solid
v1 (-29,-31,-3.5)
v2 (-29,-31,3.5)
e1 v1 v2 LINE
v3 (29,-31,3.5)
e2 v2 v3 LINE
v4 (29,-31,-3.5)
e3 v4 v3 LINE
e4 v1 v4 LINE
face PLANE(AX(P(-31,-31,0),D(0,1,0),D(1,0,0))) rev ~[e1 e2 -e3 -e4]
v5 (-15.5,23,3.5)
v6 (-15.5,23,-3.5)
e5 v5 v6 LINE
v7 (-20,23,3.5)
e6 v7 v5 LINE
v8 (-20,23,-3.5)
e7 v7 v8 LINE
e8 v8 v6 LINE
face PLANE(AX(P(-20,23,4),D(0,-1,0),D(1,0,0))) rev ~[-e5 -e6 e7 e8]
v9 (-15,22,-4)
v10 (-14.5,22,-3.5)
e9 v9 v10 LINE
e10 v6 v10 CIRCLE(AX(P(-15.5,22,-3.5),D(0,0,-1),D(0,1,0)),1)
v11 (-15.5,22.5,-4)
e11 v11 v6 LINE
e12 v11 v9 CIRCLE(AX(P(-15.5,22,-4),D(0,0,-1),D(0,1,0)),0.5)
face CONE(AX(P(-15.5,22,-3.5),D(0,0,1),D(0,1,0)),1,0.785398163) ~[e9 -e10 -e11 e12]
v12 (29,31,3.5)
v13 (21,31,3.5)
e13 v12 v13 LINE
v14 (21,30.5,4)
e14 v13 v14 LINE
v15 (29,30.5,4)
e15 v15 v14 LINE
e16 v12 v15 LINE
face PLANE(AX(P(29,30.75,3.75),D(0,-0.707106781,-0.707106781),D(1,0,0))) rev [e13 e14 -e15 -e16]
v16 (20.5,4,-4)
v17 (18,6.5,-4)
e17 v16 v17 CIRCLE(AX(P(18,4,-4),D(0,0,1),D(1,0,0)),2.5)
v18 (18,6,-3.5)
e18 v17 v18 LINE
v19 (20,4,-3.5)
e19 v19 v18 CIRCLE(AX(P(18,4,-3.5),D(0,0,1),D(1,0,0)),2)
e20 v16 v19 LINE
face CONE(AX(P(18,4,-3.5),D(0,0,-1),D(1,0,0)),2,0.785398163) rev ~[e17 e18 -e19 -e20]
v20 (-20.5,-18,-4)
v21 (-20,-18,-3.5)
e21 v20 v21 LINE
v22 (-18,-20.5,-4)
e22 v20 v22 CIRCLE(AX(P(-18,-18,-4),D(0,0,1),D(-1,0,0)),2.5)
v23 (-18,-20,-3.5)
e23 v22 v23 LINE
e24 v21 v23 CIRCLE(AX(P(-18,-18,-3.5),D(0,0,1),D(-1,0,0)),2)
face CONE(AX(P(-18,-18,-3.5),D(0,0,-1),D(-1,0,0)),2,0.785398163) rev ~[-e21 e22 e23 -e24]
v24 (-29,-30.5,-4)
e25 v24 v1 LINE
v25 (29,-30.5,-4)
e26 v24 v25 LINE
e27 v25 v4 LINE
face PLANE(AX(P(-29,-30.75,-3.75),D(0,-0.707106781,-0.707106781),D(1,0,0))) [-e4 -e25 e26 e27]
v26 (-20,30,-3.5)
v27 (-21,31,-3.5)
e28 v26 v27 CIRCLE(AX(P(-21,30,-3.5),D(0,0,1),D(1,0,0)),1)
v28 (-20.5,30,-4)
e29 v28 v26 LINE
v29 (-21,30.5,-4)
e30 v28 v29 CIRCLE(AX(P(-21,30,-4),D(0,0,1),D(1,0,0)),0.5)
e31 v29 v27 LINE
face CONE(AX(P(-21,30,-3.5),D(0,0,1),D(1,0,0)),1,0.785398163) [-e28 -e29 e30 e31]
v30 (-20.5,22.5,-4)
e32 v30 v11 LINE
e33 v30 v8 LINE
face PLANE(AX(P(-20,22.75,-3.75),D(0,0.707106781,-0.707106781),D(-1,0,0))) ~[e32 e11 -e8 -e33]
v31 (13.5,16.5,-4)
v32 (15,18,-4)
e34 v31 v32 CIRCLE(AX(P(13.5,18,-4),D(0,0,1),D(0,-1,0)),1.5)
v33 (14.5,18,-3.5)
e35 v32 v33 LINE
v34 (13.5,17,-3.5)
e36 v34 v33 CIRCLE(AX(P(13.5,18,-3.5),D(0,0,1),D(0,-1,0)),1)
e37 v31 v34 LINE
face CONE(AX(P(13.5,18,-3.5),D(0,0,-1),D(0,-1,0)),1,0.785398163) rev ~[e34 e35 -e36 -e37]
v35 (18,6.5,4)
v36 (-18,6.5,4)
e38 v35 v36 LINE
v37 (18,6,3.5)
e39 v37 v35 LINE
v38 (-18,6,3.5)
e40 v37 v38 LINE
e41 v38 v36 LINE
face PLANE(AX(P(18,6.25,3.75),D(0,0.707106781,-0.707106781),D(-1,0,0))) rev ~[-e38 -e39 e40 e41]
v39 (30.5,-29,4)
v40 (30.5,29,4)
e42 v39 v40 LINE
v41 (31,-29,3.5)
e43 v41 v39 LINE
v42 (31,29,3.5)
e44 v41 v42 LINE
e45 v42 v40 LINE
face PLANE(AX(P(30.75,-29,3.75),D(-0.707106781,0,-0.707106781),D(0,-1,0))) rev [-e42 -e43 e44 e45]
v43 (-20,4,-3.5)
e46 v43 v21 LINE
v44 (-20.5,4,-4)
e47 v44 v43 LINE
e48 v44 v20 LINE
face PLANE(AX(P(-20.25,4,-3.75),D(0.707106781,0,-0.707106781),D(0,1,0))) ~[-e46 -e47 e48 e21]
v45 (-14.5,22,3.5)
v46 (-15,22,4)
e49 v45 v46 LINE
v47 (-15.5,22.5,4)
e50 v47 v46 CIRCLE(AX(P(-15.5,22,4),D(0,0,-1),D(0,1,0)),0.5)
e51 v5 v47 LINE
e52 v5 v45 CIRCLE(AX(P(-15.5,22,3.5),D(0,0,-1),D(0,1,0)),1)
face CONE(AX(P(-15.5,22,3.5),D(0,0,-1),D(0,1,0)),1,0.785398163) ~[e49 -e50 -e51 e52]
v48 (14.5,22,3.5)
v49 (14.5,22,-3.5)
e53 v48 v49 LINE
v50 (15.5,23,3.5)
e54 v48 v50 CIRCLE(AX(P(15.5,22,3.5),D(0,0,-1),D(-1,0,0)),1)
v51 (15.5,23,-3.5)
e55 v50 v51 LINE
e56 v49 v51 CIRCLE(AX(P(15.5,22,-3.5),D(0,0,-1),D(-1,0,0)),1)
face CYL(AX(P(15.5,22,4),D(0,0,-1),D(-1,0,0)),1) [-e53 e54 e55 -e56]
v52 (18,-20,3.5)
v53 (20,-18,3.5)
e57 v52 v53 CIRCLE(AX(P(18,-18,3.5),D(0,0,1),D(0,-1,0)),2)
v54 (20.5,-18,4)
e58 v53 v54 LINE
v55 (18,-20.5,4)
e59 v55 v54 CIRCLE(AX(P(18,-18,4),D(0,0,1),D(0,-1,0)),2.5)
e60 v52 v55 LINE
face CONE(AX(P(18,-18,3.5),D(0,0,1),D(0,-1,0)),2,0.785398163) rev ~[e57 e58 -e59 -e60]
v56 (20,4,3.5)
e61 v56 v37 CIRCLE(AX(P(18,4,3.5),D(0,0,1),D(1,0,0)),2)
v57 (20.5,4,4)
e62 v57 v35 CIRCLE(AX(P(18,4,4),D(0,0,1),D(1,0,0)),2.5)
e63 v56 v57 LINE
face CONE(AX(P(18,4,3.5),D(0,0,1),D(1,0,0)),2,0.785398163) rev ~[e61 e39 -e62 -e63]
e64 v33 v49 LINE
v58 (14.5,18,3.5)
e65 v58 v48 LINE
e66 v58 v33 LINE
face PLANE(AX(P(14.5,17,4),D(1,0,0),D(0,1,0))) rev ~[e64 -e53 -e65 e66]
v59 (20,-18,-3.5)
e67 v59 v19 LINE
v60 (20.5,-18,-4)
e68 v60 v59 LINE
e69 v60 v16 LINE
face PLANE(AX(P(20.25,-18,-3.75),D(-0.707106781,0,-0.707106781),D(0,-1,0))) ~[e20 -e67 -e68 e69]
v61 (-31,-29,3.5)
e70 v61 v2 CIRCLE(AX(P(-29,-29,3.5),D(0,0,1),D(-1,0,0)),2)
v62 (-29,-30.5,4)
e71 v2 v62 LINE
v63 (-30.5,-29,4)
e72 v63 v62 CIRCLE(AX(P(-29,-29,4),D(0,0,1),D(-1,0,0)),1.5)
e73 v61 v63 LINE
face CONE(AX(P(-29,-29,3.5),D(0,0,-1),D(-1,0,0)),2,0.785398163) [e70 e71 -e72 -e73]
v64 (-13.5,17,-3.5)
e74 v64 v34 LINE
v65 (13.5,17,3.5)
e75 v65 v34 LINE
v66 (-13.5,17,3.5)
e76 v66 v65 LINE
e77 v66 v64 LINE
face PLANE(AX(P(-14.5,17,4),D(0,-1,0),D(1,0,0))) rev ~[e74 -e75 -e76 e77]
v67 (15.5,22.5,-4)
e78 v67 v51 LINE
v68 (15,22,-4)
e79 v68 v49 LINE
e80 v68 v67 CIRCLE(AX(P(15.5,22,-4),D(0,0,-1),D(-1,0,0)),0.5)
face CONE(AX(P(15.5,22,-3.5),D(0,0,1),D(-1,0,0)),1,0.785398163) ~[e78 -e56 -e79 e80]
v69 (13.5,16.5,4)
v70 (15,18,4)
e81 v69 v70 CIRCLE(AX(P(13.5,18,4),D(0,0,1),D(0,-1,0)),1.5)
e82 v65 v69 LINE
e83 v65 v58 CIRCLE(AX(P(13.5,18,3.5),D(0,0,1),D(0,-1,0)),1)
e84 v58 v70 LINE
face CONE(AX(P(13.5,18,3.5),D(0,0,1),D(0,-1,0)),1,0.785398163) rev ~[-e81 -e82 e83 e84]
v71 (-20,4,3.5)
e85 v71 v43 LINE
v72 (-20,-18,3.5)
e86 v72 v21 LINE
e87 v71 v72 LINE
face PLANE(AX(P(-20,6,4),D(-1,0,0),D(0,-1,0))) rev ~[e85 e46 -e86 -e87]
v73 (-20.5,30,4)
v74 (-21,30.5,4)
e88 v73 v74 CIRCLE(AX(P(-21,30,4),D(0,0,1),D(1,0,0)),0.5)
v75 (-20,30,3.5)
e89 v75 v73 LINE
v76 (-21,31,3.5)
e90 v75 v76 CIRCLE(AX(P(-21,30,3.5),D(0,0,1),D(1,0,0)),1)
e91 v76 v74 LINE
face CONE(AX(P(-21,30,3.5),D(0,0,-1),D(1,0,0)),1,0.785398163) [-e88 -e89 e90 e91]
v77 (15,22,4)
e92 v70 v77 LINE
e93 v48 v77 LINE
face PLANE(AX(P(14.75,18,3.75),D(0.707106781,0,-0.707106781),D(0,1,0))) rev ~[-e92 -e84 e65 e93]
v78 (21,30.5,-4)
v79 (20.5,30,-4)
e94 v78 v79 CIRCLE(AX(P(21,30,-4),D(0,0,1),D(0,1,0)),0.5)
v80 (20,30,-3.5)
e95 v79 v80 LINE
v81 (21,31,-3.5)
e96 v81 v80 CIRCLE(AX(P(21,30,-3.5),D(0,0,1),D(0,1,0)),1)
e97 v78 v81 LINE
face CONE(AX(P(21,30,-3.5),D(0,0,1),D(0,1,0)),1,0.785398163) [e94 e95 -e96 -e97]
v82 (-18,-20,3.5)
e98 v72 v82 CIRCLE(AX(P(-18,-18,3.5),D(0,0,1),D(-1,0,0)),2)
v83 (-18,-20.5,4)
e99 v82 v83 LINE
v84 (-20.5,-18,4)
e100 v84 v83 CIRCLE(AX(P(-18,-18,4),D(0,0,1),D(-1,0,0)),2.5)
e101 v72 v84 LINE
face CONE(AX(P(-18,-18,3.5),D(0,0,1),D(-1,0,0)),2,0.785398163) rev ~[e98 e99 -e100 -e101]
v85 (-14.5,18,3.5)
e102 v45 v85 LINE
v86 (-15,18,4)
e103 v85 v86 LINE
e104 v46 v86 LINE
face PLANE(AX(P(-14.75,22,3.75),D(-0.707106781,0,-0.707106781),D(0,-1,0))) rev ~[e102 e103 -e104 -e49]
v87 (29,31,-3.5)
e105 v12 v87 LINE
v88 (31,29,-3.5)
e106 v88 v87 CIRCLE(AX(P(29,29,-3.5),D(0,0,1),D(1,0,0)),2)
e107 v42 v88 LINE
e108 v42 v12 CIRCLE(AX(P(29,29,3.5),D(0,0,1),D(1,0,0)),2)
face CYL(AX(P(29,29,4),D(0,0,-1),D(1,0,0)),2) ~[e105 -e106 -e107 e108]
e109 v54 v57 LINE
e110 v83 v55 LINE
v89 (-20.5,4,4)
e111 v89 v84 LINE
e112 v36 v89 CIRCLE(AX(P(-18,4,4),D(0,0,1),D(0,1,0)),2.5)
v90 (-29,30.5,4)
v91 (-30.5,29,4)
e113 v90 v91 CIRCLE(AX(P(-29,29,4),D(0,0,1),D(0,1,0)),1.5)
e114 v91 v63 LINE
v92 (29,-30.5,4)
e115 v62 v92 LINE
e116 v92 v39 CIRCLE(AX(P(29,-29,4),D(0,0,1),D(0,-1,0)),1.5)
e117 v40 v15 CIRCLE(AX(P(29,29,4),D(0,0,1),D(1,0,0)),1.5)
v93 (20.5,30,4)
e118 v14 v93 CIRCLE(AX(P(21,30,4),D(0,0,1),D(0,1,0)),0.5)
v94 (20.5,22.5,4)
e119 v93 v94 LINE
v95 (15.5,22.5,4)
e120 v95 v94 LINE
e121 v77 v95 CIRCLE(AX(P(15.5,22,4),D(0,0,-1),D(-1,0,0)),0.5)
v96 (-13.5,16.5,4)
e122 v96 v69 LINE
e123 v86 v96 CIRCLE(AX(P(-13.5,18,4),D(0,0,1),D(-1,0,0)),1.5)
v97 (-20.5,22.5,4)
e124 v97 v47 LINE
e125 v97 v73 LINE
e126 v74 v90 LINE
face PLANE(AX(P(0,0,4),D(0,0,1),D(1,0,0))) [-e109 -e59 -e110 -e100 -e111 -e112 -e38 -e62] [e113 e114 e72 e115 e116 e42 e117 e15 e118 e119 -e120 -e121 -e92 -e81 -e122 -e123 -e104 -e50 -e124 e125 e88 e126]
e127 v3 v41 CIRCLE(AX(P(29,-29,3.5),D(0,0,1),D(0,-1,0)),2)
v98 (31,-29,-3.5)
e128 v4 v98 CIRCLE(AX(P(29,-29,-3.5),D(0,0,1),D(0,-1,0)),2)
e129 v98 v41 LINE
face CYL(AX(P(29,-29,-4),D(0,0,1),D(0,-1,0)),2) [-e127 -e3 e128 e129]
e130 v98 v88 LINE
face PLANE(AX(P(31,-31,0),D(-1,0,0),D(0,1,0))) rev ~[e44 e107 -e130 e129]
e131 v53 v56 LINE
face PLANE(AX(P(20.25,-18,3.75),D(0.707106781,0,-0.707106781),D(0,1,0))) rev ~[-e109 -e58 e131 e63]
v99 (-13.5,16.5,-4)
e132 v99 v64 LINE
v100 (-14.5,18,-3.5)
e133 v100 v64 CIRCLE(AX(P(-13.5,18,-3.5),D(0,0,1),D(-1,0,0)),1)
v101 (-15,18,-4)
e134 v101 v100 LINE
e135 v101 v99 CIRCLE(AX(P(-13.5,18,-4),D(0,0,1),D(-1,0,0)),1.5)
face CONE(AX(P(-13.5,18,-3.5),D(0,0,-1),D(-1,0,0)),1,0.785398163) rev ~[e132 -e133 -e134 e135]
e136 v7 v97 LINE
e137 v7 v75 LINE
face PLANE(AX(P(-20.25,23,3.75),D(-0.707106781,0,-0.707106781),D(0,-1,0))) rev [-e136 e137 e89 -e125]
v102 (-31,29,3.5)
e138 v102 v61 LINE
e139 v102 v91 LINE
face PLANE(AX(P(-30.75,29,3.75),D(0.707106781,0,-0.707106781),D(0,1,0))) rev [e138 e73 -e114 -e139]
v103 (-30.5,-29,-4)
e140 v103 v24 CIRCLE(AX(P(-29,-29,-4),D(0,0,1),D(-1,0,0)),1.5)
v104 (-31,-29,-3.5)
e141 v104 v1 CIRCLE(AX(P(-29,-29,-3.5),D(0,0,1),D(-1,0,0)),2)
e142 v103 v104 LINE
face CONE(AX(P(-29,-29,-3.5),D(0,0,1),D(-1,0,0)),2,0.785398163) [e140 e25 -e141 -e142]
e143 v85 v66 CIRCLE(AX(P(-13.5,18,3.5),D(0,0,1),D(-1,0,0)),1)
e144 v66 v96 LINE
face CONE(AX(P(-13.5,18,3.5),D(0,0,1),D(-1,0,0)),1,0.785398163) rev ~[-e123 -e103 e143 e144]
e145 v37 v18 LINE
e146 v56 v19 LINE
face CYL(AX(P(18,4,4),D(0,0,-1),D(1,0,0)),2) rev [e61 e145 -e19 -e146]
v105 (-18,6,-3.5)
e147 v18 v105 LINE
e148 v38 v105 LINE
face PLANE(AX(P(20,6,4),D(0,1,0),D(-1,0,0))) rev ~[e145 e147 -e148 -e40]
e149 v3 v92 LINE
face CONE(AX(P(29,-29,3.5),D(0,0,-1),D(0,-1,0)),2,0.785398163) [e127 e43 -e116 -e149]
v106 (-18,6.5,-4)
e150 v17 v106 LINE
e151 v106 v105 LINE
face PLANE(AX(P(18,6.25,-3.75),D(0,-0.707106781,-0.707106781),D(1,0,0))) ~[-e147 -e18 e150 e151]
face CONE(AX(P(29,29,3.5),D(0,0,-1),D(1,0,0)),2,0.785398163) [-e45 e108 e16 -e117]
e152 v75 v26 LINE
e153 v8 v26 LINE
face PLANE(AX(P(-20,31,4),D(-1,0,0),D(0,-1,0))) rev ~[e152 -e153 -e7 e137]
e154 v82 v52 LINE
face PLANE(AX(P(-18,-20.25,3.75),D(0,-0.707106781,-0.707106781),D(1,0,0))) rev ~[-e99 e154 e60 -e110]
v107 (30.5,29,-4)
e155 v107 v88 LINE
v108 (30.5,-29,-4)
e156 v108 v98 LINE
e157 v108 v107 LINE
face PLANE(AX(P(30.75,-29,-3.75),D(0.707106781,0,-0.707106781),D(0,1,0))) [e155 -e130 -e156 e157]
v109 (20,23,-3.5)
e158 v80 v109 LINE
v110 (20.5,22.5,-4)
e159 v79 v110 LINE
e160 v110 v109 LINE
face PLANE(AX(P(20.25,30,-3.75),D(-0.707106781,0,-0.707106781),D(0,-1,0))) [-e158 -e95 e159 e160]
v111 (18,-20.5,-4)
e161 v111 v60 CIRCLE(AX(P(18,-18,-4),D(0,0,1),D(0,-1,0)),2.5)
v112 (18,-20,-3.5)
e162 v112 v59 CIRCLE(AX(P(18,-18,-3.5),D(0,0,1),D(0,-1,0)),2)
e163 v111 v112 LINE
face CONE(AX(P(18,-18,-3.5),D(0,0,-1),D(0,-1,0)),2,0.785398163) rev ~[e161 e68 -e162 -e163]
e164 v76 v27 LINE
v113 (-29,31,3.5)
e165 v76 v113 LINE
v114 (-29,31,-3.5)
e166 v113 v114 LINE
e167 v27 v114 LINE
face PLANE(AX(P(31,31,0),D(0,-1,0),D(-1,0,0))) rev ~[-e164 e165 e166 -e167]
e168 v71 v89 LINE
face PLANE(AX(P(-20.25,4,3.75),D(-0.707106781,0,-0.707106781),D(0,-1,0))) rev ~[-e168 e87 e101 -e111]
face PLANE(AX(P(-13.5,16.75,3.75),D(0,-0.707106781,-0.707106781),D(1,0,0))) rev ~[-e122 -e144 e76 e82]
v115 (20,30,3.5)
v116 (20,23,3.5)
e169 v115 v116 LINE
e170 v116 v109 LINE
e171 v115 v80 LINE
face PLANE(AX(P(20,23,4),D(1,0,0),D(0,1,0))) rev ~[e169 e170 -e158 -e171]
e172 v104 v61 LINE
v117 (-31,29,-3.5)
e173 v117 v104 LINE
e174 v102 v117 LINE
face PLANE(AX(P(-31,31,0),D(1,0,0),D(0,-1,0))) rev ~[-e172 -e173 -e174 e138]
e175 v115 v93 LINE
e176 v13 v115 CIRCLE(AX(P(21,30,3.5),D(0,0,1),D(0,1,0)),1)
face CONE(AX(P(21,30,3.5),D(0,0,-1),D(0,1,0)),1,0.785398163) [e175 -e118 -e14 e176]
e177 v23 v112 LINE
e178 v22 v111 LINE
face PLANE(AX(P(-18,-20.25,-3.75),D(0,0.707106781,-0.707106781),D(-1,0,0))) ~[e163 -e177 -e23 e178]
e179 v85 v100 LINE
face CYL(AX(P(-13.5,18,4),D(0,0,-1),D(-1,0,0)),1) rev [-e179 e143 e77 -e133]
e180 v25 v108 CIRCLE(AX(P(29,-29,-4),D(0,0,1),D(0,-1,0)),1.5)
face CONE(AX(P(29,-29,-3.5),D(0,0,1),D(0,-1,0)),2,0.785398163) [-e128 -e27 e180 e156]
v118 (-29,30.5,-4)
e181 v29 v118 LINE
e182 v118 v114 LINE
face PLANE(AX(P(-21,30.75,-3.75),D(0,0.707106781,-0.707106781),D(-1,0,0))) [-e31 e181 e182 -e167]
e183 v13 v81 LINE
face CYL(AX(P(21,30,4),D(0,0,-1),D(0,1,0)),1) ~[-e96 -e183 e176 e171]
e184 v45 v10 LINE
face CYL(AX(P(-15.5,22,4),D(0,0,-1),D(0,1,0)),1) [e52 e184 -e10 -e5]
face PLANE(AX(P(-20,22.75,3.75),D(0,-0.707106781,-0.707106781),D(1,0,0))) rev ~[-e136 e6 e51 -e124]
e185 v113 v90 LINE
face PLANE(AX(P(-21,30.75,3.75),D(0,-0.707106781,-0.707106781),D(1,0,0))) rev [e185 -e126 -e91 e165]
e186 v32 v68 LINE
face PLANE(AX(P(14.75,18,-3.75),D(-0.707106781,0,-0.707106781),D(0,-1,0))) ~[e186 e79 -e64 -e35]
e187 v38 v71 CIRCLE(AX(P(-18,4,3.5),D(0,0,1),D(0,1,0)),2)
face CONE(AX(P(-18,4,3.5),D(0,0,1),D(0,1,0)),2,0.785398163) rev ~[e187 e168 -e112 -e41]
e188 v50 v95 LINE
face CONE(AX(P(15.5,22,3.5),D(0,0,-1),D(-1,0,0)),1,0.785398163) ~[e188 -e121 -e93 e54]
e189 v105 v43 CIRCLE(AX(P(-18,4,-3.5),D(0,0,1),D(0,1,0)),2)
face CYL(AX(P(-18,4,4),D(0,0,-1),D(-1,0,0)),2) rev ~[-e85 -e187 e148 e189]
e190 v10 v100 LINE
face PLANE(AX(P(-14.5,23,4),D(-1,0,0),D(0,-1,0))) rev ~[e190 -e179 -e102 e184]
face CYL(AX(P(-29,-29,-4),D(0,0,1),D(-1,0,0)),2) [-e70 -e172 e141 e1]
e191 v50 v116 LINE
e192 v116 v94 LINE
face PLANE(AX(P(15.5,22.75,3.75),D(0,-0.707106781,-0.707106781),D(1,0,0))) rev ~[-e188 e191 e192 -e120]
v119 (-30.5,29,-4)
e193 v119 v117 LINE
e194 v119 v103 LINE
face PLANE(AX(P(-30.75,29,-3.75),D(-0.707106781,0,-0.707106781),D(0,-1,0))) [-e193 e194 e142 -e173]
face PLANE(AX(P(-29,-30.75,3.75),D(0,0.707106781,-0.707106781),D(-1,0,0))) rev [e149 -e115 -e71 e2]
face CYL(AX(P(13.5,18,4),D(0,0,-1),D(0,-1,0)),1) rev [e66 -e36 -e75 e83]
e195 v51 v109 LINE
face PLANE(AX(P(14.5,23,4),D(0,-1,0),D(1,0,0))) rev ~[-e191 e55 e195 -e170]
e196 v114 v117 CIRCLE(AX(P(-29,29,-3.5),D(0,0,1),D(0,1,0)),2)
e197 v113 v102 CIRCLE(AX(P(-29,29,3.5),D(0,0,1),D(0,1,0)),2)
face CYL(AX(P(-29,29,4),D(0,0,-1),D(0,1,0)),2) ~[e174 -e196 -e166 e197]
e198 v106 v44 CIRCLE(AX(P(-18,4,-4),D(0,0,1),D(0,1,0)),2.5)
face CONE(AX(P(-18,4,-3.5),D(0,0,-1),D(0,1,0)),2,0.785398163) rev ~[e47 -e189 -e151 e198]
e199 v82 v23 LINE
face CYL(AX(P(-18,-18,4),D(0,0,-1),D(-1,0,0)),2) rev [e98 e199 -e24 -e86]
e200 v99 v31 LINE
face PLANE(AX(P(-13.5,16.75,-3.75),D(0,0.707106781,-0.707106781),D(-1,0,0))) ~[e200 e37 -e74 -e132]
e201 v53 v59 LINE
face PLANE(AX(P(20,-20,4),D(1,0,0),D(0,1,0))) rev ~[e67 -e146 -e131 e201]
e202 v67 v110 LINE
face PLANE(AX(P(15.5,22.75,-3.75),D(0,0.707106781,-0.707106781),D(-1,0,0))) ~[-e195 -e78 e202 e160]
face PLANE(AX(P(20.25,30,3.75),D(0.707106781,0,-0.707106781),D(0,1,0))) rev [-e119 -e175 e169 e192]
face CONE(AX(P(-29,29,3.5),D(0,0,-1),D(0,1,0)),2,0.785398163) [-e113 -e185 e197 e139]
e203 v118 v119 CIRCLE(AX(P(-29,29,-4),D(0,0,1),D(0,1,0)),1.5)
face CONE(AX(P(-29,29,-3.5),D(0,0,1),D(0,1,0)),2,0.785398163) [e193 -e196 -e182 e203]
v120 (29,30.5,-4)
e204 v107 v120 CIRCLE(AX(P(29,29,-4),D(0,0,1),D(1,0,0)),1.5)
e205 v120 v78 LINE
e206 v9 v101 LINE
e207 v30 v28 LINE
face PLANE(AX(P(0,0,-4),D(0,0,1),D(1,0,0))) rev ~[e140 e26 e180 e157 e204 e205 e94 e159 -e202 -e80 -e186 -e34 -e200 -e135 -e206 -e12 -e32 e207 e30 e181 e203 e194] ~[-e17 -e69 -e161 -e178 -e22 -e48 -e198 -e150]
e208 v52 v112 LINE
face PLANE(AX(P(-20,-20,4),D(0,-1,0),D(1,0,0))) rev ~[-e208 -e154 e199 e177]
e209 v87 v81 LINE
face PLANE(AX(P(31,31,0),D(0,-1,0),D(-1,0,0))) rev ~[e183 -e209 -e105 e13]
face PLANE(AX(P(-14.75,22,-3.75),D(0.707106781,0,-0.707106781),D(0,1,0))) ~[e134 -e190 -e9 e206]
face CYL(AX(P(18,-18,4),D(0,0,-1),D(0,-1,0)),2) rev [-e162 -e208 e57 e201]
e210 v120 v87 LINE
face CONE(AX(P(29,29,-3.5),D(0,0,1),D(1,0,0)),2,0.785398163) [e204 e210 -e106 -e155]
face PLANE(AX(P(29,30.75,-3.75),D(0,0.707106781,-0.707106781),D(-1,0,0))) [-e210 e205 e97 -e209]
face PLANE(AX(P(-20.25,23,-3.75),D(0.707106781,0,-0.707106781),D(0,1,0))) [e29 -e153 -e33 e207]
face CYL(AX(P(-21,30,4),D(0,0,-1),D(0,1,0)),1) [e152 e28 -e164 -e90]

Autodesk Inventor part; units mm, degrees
ref_plane "YZ Plane" through (0, 0, 0) normal (1, 0, 0) x (0, 1, 0)
ref_plane "XZ Plane" through (0, 0, 0) normal (0, 1, 0) x (-1, 0, 0)
ref_plane "XY Plane" through (0, 0, 0) normal (0, 0, 1) x (1, 0, 0)
sketch "スケッチ1" plane through (0, 0, 0) normal (0, 0, 1) x (1, 0, 0)
  line L0 (-31, -31) -> (31, -31)
  line L1 (31, -31) -> (31, 31)
  line L2 (31, 31) -> (-31, 31)
  line L3 (-31, 31) -> (-31, -31)
  line L4 (-31, -31) -> (31, 31) construction
  line L5 (31, -31) -> (-31, 31) construction
  point P0 (0, 0)
  dimension "d0" = 62
  dimension "d1" = 62
extrude "押し出し1" add sketch "スケッチ1" along normal mid plane 8
sketch "スケッチ2" plane through (0, 0, 4) normal (0, 0, 1) x (1, 0, 0)
  line L0 (-20, 23) -> (20, 23)
  line L1 (20, 23) -> (20, 31)
  line L2 (20, 31) -> (-20, 31)
  line L3 (-20, 31) -> (-20, 23)
  line L4 (-20, 23) -> (20, 31) construction
  line L5 (20, 23) -> (-20, 31) construction
  line L6 (31, 31) -> (-31, 31) projected
  line L7 (-14.5, 17) -> (14.5, 17)
  line L8 (14.5, 17) -> (14.5, 23)
  line L9 (14.5, 23) -> (-14.5, 23)
  line L10 (-14.5, 23) -> (-14.5, 17)
  line L11 (-14.5, 17) -> (14.5, 23) construction
  line L12 (14.5, 17) -> (-14.5, 23) construction
  point P0 (0, 0)
  point P1 (0, 27)
  point P2 (0, 27)
  point P3 (0, 20)
  point P4 (0, 20)
  point P5 (0, 27)
  point P6 (14.5, 23)
  dimension "d4" = 40
  dimension "d5" = 8
  dimension "d14" = 29
  dimension "d15" = 6
extrude "押し出し2" cut sketch "スケッチ2" against normal blind 10
sketch "スケッチ3" plane through (0, 0, 4) normal (0, 0, 1) x (1, 0, 0)
  line L0 (-20, -20) -> (20, -20)
  line L1 (20, -20) -> (20, 6)
  line L2 (20, 6) -> (-20, 6)
  line L3 (-20, 6) -> (-20, -20)
  line L4 (-20, -20) -> (20, 6) construction
  line L5 (20, -20) -> (-20, 6) construction
  line L6 (-31, 31) -> (-31, -31) projected
  line L7 (-31, -31) -> (31, -31) projected
  line L8 (14.5, 17) -> (-14.5, 17) projected
  point P0 (0, 0)
  point P1 (0, -7)
  point P2 (0, -7)
  dimension "d10" = 11
  dimension "d11" = 11
  dimension "d16" = 11
extrude "押し出し3" cut sketch "スケッチ3" against normal through all
fillet "フィレット2" radius 1 6 edges at (-14.5, 23, 0) (-14.5, 17, 0) (14.5, 17, 0) (14.5, 23, 0) (-20, 31, 0) (20, 31, 0)
fillet "フィレット3" radius 2 4 edges at (-31, 31, 0) (-31, -31, 0) (31, -31, 0) (31, 31, 0)
fillet "フィレット4" radius 2 4 edges at (-20, 6, 0) (-20, -20, 0) (20, -20, 0) (20, 6, 0)
chamfer "面取り1" distance 0.5 angle 45 60 edges at (31, 0, -4) (30.4142, -30.4142, -4) (0, -31, -4) (-30.4142, -30.4142, -4) (-31, 0, -4) (-30.4142, 30.4142, -4) (-25, 31, -4) (-20.2929, 30.7071, -4) (-20, 26.5, -4) (30.4142, 30.4142, -4) (25, 31, -4) (20.2929, 30.7071, -4) (20, 26.5, -4) (31, 0, 4) (30.4142, 30.4142, 4) (25, 31, 4) (20.2929, 30.7071, 4) (20, 26.5, 4) (30.4142, -30.4142, 4) (0, -31, 4) (-30.4142, -30.4142, 4) (-31, 0, 4) (-30.4142, 30.4142, 4) (-25, 31, 4) (-20.2929, 30.7071, 4) (-20, 26.5, 4) (17.75, 23, -4) (14.7929, 22.7071, -4) (14.5, 20, -4) (14.2071, 17.2929, -4) (0, 17, -4) (-14.2071, 17.2929, -4) (-14.5, 20, -4) (-14.7929, 22.7071, -4) (-17.75, 23, -4) (17.75, 23, 4) (14.7929, 22.7071, 4) (14.5, 20, 4) (14.2071, 17.2929, 4) (0, 17, 4) (-14.2071, 17.2929, 4) (-14.5, 20, 4) (-14.7929, 22.7071, 4) (-17.75, 23, 4) (0, 6, 4) (19.4142, 5.4142, 4) (20, -7, 4) (19.4142, -19.4142, 4) (0, -20, 4) (-19.4142, -19.4142, 4) (-20, -7, 4) (-19.4142, 5.4142, 4) (0, -20, -4) (19.4142, -19.4142, -4) (20, -7, -4) (19.4142, 5.4142, -4) (0, 6, -4) (-19.4142, 5.4142, -4) (-20, -7, -4) (-19.4142, -19.4142, -4)
properties part number "scara-base29" material "ABS プラスチック"
